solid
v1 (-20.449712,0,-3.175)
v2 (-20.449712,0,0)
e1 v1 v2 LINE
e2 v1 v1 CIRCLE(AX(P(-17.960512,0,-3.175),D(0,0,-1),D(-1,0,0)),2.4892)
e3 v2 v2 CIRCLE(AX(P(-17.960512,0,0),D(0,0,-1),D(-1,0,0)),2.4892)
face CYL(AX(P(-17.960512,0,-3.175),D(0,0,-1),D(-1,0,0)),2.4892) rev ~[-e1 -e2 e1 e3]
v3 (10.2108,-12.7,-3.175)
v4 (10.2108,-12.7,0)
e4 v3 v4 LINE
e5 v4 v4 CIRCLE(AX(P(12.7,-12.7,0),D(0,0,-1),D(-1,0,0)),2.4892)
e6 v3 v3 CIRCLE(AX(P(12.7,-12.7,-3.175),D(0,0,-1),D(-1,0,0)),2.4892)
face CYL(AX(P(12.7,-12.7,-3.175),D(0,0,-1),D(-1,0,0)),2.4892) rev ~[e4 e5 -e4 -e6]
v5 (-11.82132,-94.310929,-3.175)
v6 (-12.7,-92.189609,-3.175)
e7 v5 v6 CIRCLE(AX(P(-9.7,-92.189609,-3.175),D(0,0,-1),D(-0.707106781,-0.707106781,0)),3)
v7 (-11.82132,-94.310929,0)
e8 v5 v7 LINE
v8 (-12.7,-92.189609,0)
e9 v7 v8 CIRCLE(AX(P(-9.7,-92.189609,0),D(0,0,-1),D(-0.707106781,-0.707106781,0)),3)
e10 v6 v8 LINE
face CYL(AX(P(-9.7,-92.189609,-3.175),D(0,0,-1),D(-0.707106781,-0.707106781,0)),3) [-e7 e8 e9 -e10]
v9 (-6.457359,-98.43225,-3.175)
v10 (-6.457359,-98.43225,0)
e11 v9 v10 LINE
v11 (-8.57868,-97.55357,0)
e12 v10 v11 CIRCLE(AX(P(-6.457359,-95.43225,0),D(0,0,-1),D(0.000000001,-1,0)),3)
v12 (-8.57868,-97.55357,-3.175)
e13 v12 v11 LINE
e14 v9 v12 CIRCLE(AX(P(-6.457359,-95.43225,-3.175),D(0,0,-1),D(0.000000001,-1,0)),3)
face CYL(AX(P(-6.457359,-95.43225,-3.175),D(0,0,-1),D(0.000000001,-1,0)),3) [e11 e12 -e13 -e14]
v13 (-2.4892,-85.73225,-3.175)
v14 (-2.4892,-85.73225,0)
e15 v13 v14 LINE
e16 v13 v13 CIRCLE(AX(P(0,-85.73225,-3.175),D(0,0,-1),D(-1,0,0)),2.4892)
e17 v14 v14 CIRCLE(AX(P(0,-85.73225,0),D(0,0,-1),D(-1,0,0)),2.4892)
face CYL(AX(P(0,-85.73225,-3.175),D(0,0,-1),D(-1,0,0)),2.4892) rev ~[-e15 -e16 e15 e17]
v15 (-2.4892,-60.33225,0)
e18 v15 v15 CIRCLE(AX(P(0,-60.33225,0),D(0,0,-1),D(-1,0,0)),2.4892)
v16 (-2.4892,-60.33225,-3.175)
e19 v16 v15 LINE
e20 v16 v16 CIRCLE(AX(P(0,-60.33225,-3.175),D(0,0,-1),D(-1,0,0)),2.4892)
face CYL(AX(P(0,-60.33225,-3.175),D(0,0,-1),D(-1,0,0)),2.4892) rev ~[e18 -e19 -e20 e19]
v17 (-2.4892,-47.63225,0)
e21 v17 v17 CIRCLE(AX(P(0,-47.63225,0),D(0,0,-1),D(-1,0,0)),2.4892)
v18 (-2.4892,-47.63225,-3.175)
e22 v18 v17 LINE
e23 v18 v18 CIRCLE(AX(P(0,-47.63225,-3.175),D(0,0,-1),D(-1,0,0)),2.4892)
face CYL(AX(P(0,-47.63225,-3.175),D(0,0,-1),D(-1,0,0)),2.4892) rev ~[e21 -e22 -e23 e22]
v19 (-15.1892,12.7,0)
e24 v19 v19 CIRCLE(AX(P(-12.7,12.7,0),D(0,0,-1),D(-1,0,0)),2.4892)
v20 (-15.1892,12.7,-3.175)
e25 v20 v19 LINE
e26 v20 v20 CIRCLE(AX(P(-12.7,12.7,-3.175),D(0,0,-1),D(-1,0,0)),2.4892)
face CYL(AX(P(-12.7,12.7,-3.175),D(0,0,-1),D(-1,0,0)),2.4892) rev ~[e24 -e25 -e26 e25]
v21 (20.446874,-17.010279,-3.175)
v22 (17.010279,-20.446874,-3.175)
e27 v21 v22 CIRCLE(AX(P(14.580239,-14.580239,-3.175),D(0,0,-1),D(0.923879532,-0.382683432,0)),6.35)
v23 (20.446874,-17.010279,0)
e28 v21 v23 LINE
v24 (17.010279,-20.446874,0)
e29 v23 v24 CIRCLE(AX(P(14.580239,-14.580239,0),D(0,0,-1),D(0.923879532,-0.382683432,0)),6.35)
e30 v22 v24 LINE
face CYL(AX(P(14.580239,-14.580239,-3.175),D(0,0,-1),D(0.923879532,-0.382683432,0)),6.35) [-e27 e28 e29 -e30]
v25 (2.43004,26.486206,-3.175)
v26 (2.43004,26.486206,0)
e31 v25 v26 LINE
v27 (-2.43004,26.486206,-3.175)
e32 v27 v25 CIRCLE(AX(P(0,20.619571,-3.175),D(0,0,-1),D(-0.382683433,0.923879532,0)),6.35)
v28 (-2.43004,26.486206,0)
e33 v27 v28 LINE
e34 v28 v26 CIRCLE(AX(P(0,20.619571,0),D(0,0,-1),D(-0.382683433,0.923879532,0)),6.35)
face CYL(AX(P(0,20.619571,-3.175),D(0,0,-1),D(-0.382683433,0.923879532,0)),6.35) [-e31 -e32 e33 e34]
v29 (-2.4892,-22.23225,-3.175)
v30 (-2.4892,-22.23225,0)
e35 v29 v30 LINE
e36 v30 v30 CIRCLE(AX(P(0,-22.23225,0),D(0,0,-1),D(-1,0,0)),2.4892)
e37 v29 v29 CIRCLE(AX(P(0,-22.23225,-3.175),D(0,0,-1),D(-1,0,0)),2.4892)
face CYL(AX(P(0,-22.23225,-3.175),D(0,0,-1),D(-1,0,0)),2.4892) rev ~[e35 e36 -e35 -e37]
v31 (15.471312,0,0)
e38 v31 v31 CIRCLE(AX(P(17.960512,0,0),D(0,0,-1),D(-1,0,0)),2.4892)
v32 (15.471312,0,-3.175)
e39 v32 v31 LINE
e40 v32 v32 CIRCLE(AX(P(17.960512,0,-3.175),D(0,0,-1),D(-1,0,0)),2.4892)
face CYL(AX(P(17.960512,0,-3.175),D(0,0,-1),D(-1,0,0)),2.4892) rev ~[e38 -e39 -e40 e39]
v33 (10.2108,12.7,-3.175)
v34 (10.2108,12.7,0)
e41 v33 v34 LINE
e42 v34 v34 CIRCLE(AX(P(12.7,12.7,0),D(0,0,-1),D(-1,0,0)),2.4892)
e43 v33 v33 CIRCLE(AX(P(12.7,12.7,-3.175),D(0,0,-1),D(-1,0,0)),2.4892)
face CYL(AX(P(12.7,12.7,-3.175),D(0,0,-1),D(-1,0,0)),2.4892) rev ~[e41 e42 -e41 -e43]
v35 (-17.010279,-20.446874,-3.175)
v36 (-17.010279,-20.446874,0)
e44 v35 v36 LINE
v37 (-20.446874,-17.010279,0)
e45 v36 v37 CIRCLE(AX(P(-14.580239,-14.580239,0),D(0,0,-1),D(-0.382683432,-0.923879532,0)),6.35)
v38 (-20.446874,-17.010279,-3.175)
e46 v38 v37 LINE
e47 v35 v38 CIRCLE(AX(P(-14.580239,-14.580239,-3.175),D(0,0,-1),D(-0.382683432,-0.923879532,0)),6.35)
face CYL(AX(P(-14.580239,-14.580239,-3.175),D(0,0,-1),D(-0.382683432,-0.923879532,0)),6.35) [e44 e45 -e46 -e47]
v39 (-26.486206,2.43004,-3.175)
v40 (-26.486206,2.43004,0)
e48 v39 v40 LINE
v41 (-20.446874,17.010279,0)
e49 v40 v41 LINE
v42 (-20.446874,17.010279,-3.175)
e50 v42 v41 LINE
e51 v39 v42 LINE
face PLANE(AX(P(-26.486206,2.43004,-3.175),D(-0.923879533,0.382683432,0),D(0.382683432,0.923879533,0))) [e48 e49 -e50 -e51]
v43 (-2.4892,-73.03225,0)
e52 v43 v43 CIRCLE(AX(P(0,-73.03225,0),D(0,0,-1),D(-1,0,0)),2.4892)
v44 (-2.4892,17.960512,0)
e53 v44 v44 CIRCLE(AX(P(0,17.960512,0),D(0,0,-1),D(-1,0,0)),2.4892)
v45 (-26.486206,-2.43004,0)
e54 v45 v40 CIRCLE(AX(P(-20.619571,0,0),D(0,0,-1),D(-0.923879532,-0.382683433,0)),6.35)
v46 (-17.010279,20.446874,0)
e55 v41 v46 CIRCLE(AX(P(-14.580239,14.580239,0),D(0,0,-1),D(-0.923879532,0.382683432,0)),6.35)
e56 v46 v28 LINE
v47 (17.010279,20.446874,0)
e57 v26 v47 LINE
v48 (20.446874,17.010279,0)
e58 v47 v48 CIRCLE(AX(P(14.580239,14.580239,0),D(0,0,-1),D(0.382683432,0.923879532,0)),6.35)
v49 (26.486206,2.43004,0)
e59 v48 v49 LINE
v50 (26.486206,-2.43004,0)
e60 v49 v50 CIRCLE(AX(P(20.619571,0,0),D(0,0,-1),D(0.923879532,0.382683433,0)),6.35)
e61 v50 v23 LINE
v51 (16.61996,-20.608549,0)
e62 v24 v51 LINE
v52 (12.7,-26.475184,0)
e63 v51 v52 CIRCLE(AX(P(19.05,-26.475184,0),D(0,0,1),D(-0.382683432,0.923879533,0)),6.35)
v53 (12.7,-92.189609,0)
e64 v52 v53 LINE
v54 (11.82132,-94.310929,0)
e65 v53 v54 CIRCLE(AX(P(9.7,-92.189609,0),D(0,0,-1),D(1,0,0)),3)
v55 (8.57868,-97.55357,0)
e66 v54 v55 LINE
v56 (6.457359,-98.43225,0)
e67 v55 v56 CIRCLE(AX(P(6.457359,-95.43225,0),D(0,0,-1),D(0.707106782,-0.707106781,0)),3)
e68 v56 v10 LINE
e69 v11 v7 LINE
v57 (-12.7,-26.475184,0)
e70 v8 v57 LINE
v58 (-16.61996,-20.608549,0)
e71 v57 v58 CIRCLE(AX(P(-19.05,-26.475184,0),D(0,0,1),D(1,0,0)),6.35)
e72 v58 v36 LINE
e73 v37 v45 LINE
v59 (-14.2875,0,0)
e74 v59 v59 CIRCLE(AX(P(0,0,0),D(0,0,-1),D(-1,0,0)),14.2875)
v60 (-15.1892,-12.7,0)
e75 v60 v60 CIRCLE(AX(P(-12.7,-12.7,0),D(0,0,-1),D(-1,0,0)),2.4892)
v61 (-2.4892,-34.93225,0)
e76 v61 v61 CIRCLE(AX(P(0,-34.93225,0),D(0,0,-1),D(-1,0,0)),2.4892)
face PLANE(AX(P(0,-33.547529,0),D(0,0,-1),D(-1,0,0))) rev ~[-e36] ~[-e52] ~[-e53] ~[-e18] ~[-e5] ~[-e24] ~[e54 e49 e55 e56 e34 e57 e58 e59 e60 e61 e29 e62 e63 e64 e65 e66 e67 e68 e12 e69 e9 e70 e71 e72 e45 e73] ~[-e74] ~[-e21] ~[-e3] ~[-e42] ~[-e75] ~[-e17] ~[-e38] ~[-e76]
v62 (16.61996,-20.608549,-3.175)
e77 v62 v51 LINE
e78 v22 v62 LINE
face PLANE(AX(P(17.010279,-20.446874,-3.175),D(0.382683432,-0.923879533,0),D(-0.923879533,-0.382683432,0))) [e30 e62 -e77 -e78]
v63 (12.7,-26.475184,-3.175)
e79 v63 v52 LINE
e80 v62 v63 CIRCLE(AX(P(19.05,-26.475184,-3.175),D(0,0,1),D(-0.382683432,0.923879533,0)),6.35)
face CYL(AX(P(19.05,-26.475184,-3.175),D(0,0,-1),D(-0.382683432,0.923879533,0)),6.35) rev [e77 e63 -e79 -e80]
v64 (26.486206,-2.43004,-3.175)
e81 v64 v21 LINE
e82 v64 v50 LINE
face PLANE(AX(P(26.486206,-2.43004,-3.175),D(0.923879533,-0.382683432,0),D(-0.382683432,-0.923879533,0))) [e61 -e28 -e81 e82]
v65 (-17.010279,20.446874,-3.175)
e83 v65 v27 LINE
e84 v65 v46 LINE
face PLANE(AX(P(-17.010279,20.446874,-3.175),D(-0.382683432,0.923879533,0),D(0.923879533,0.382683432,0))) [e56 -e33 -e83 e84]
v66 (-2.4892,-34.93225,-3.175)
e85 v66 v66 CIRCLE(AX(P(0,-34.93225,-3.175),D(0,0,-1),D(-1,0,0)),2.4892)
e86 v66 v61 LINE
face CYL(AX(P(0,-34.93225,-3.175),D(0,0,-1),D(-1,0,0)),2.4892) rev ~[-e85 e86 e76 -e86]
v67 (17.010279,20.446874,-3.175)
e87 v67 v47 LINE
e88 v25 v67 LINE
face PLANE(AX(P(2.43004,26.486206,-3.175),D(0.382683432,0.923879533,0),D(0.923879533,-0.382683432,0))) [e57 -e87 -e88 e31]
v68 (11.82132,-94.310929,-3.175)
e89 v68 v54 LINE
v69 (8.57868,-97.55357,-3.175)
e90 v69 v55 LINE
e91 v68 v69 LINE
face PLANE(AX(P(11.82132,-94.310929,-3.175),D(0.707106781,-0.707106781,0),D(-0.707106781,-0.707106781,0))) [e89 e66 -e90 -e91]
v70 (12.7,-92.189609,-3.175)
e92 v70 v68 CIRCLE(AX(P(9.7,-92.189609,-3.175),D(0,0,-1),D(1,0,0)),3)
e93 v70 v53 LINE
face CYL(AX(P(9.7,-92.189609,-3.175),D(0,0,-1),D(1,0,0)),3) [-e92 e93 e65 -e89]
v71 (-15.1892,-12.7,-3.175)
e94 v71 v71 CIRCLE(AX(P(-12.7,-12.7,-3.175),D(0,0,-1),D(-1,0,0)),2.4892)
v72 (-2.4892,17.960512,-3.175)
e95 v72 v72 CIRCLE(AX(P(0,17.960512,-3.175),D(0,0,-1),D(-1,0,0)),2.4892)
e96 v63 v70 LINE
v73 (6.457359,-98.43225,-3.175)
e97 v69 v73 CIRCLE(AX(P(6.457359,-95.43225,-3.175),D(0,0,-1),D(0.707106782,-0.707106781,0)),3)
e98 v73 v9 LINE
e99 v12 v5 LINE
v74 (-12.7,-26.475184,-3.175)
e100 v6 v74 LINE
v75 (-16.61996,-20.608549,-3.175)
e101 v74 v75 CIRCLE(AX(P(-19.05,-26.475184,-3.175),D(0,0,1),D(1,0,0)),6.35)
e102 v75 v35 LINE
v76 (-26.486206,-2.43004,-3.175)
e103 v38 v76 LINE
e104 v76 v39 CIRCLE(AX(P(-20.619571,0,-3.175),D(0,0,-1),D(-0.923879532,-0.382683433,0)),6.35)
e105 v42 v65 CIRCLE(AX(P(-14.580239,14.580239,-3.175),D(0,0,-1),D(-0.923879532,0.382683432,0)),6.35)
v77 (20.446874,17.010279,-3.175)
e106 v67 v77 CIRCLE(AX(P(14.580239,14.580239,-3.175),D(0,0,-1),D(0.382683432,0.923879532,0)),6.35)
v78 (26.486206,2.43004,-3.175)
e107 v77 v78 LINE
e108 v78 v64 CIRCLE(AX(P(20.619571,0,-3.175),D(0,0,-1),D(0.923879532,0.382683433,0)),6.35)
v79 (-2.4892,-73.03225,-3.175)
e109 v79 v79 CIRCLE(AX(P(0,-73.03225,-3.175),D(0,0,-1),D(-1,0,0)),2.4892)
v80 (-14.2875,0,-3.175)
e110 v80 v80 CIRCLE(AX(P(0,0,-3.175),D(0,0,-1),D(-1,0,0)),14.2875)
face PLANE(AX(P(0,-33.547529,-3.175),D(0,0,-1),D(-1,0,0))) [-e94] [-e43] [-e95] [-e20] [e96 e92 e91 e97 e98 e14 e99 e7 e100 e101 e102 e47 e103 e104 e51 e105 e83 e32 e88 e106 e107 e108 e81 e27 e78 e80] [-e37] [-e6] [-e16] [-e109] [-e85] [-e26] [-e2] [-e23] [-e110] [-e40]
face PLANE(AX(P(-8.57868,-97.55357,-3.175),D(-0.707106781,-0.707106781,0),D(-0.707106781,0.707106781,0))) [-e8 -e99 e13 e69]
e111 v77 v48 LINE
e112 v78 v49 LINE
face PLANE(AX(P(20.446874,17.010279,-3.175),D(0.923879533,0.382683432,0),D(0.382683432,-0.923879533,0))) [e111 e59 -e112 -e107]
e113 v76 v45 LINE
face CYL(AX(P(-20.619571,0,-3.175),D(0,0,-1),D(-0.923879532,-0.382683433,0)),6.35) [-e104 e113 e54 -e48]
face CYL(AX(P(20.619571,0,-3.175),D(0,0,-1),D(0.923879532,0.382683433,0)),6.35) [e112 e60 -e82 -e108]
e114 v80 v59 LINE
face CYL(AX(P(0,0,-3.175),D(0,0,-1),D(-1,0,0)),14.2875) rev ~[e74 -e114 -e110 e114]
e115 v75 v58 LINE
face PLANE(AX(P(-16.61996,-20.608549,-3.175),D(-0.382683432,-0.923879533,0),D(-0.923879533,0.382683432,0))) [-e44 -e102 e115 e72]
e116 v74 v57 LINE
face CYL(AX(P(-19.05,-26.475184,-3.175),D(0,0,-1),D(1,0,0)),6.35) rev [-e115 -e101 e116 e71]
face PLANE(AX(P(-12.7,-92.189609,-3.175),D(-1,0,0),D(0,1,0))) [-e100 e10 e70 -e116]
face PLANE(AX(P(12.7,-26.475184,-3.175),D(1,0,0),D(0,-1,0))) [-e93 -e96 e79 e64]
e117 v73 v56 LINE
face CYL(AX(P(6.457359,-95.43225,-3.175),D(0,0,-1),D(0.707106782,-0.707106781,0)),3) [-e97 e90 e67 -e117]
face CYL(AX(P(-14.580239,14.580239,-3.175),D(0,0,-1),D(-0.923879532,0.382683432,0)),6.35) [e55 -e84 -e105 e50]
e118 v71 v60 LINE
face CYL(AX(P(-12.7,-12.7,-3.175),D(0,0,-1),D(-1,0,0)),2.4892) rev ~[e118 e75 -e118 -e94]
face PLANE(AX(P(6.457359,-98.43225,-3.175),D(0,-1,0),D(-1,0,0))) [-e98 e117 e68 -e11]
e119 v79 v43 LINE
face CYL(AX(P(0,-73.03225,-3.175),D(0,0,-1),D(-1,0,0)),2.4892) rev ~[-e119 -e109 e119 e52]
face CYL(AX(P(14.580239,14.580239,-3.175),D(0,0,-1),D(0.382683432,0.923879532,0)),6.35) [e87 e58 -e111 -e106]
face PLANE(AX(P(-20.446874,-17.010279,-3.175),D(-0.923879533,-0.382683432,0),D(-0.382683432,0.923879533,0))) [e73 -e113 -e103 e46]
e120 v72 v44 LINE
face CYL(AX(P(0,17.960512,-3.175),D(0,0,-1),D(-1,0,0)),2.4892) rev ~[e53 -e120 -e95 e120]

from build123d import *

# Parameters (mm, degrees)
SKETCH1_R           = 2.4892
SKETCH1_R_2         = 14.2875
BOSS_EXTRUDE1_DEPTH = 3.175


with BuildPart() as part:
    # Sketch1 → Boss-Extrude1 (new body)
    with BuildSketch(Plane(origin=(0, 0, -3.175), x_dir=(-1, 0, 0), z_dir=(0, 0, -1))):
        with BuildLine():
            Line((8.578679656, -97.553569989), (11.821320344, -94.310929302))
            ThreePointArc((11.821320344, -94.310929302), (12.471638598, -93.337659255), (12.7, -92.189608958))
            Line((12.7, -92.189608958), (12.7, -26.475183996))
            ThreePointArc((12.7, -26.475183996), (13.770167962, -22.947313016), (16.619960204, -20.608548965))
            Line((16.619960204, -20.608548965), (17.010278569, -20.446873805))
            ThreePointArc((17.010278569, -20.446873805), (19.070366834, -19.070366834), (20.446873805, -17.010278569))
            Line((20.446873805, -17.010278569), (26.486206447, -2.430039796))
            ThreePointArc((26.486206447, -2.430039796), (26.969571416, 0), (26.486206447, 2.430039796))
            Line((26.486206447, 2.430039796), (20.446873805, 17.010278569))
            ThreePointArc((20.446873805, 17.010278569), (19.070366834, 19.070366834), (17.010278569, 20.446873805))
            Line((17.010278569, 20.446873805), (2.430039796, 26.486206447))
            ThreePointArc((2.430039796, 26.486206447), (0, 26.969571416), (-2.430039796, 26.486206447))
            Line((-2.430039796, 26.486206447), (-17.010278569, 20.446873805))
            ThreePointArc((-17.010278569, 20.446873805), (-19.070366834, 19.070366834), (-20.446873805, 17.010278569))
            Line((-20.446873805, 17.010278569), (-26.486206447, 2.430039796))
            ThreePointArc((-26.486206447, 2.430039796), (-26.969571416, 0), (-26.486206447, -2.430039796))
            Line((-26.486206447, -2.430039796), (-20.446873805, -17.010278569))
            ThreePointArc((-20.446873805, -17.010278569), (-19.070366834, -19.070366834), (-17.010278569, -20.446873805))
            Line((-17.010278569, -20.446873805), (-16.619960204, -20.608548965))
            ThreePointArc((-16.619960204, -20.608548965), (-13.770167962, -22.947313016), (-12.7, -26.475183996))
            Line((-12.7, -26.475183996), (-12.7, -92.189608958))
            ThreePointArc((-12.7, -92.189608958), (-12.471638598, -93.337659255), (-11.821320344, -94.310929302))
            Line((-11.821320344, -94.310929302), (-8.578679656, -97.553569989))
            ThreePointArc((-8.578679656, -97.553569989), (-7.60540961, -98.203888243), (-6.457359313, -98.432249645))
            Line((-6.457359313, -98.432249645), (6.457359313, -98.432249645))
            ThreePointArc((6.457359313, -98.432249645), (7.60540961, -98.203888243), (8.578679656, -97.553569989))
        make_face()
        with Locations((12.7, -12.7)):
            Circle(SKETCH1_R, mode=Mode.SUBTRACT)
        Circle(SKETCH1_R_2, mode=Mode.SUBTRACT)
        with Locations((-12.7, 12.7)):
            Circle(SKETCH1_R, mode=Mode.SUBTRACT)
        with Locations((-17.960512242, 0)):
            Circle(SKETCH1_R, mode=Mode.SUBTRACT)
        with Locations((-12.7, -12.7)):
            Circle(SKETCH1_R, mode=Mode.SUBTRACT)
        with Locations((12.7, 12.7)):
            Circle(SKETCH1_R, mode=Mode.SUBTRACT)
        with Locations((17.960512242, 0)):
            Circle(SKETCH1_R, mode=Mode.SUBTRACT)
        with Locations((0, 17.960512242)):
            Circle(SKETCH1_R, mode=Mode.SUBTRACT)
        with Locations((0, -22.232249645)):
            Circle(SKETCH1_R, mode=Mode.SUBTRACT)
        with Locations((0, -73.032249645)):
            Circle(SKETCH1_R, mode=Mode.SUBTRACT)
        with Locations((0, -47.632249645)):
            Circle(SKETCH1_R, mode=Mode.SUBTRACT)
        with Locations((0, -34.932249645)):
            Circle(SKETCH1_R, mode=Mode.SUBTRACT)
        with Locations((0, -60.332249645)):
            Circle(SKETCH1_R, mode=Mode.SUBTRACT)
        with Locations((0, -85.732249645)):
            Circle(SKETCH1_R, mode=Mode.SUBTRACT)
    extrude(amount=-BOSS_EXTRUDE1_DEPTH)


solid = part.part
